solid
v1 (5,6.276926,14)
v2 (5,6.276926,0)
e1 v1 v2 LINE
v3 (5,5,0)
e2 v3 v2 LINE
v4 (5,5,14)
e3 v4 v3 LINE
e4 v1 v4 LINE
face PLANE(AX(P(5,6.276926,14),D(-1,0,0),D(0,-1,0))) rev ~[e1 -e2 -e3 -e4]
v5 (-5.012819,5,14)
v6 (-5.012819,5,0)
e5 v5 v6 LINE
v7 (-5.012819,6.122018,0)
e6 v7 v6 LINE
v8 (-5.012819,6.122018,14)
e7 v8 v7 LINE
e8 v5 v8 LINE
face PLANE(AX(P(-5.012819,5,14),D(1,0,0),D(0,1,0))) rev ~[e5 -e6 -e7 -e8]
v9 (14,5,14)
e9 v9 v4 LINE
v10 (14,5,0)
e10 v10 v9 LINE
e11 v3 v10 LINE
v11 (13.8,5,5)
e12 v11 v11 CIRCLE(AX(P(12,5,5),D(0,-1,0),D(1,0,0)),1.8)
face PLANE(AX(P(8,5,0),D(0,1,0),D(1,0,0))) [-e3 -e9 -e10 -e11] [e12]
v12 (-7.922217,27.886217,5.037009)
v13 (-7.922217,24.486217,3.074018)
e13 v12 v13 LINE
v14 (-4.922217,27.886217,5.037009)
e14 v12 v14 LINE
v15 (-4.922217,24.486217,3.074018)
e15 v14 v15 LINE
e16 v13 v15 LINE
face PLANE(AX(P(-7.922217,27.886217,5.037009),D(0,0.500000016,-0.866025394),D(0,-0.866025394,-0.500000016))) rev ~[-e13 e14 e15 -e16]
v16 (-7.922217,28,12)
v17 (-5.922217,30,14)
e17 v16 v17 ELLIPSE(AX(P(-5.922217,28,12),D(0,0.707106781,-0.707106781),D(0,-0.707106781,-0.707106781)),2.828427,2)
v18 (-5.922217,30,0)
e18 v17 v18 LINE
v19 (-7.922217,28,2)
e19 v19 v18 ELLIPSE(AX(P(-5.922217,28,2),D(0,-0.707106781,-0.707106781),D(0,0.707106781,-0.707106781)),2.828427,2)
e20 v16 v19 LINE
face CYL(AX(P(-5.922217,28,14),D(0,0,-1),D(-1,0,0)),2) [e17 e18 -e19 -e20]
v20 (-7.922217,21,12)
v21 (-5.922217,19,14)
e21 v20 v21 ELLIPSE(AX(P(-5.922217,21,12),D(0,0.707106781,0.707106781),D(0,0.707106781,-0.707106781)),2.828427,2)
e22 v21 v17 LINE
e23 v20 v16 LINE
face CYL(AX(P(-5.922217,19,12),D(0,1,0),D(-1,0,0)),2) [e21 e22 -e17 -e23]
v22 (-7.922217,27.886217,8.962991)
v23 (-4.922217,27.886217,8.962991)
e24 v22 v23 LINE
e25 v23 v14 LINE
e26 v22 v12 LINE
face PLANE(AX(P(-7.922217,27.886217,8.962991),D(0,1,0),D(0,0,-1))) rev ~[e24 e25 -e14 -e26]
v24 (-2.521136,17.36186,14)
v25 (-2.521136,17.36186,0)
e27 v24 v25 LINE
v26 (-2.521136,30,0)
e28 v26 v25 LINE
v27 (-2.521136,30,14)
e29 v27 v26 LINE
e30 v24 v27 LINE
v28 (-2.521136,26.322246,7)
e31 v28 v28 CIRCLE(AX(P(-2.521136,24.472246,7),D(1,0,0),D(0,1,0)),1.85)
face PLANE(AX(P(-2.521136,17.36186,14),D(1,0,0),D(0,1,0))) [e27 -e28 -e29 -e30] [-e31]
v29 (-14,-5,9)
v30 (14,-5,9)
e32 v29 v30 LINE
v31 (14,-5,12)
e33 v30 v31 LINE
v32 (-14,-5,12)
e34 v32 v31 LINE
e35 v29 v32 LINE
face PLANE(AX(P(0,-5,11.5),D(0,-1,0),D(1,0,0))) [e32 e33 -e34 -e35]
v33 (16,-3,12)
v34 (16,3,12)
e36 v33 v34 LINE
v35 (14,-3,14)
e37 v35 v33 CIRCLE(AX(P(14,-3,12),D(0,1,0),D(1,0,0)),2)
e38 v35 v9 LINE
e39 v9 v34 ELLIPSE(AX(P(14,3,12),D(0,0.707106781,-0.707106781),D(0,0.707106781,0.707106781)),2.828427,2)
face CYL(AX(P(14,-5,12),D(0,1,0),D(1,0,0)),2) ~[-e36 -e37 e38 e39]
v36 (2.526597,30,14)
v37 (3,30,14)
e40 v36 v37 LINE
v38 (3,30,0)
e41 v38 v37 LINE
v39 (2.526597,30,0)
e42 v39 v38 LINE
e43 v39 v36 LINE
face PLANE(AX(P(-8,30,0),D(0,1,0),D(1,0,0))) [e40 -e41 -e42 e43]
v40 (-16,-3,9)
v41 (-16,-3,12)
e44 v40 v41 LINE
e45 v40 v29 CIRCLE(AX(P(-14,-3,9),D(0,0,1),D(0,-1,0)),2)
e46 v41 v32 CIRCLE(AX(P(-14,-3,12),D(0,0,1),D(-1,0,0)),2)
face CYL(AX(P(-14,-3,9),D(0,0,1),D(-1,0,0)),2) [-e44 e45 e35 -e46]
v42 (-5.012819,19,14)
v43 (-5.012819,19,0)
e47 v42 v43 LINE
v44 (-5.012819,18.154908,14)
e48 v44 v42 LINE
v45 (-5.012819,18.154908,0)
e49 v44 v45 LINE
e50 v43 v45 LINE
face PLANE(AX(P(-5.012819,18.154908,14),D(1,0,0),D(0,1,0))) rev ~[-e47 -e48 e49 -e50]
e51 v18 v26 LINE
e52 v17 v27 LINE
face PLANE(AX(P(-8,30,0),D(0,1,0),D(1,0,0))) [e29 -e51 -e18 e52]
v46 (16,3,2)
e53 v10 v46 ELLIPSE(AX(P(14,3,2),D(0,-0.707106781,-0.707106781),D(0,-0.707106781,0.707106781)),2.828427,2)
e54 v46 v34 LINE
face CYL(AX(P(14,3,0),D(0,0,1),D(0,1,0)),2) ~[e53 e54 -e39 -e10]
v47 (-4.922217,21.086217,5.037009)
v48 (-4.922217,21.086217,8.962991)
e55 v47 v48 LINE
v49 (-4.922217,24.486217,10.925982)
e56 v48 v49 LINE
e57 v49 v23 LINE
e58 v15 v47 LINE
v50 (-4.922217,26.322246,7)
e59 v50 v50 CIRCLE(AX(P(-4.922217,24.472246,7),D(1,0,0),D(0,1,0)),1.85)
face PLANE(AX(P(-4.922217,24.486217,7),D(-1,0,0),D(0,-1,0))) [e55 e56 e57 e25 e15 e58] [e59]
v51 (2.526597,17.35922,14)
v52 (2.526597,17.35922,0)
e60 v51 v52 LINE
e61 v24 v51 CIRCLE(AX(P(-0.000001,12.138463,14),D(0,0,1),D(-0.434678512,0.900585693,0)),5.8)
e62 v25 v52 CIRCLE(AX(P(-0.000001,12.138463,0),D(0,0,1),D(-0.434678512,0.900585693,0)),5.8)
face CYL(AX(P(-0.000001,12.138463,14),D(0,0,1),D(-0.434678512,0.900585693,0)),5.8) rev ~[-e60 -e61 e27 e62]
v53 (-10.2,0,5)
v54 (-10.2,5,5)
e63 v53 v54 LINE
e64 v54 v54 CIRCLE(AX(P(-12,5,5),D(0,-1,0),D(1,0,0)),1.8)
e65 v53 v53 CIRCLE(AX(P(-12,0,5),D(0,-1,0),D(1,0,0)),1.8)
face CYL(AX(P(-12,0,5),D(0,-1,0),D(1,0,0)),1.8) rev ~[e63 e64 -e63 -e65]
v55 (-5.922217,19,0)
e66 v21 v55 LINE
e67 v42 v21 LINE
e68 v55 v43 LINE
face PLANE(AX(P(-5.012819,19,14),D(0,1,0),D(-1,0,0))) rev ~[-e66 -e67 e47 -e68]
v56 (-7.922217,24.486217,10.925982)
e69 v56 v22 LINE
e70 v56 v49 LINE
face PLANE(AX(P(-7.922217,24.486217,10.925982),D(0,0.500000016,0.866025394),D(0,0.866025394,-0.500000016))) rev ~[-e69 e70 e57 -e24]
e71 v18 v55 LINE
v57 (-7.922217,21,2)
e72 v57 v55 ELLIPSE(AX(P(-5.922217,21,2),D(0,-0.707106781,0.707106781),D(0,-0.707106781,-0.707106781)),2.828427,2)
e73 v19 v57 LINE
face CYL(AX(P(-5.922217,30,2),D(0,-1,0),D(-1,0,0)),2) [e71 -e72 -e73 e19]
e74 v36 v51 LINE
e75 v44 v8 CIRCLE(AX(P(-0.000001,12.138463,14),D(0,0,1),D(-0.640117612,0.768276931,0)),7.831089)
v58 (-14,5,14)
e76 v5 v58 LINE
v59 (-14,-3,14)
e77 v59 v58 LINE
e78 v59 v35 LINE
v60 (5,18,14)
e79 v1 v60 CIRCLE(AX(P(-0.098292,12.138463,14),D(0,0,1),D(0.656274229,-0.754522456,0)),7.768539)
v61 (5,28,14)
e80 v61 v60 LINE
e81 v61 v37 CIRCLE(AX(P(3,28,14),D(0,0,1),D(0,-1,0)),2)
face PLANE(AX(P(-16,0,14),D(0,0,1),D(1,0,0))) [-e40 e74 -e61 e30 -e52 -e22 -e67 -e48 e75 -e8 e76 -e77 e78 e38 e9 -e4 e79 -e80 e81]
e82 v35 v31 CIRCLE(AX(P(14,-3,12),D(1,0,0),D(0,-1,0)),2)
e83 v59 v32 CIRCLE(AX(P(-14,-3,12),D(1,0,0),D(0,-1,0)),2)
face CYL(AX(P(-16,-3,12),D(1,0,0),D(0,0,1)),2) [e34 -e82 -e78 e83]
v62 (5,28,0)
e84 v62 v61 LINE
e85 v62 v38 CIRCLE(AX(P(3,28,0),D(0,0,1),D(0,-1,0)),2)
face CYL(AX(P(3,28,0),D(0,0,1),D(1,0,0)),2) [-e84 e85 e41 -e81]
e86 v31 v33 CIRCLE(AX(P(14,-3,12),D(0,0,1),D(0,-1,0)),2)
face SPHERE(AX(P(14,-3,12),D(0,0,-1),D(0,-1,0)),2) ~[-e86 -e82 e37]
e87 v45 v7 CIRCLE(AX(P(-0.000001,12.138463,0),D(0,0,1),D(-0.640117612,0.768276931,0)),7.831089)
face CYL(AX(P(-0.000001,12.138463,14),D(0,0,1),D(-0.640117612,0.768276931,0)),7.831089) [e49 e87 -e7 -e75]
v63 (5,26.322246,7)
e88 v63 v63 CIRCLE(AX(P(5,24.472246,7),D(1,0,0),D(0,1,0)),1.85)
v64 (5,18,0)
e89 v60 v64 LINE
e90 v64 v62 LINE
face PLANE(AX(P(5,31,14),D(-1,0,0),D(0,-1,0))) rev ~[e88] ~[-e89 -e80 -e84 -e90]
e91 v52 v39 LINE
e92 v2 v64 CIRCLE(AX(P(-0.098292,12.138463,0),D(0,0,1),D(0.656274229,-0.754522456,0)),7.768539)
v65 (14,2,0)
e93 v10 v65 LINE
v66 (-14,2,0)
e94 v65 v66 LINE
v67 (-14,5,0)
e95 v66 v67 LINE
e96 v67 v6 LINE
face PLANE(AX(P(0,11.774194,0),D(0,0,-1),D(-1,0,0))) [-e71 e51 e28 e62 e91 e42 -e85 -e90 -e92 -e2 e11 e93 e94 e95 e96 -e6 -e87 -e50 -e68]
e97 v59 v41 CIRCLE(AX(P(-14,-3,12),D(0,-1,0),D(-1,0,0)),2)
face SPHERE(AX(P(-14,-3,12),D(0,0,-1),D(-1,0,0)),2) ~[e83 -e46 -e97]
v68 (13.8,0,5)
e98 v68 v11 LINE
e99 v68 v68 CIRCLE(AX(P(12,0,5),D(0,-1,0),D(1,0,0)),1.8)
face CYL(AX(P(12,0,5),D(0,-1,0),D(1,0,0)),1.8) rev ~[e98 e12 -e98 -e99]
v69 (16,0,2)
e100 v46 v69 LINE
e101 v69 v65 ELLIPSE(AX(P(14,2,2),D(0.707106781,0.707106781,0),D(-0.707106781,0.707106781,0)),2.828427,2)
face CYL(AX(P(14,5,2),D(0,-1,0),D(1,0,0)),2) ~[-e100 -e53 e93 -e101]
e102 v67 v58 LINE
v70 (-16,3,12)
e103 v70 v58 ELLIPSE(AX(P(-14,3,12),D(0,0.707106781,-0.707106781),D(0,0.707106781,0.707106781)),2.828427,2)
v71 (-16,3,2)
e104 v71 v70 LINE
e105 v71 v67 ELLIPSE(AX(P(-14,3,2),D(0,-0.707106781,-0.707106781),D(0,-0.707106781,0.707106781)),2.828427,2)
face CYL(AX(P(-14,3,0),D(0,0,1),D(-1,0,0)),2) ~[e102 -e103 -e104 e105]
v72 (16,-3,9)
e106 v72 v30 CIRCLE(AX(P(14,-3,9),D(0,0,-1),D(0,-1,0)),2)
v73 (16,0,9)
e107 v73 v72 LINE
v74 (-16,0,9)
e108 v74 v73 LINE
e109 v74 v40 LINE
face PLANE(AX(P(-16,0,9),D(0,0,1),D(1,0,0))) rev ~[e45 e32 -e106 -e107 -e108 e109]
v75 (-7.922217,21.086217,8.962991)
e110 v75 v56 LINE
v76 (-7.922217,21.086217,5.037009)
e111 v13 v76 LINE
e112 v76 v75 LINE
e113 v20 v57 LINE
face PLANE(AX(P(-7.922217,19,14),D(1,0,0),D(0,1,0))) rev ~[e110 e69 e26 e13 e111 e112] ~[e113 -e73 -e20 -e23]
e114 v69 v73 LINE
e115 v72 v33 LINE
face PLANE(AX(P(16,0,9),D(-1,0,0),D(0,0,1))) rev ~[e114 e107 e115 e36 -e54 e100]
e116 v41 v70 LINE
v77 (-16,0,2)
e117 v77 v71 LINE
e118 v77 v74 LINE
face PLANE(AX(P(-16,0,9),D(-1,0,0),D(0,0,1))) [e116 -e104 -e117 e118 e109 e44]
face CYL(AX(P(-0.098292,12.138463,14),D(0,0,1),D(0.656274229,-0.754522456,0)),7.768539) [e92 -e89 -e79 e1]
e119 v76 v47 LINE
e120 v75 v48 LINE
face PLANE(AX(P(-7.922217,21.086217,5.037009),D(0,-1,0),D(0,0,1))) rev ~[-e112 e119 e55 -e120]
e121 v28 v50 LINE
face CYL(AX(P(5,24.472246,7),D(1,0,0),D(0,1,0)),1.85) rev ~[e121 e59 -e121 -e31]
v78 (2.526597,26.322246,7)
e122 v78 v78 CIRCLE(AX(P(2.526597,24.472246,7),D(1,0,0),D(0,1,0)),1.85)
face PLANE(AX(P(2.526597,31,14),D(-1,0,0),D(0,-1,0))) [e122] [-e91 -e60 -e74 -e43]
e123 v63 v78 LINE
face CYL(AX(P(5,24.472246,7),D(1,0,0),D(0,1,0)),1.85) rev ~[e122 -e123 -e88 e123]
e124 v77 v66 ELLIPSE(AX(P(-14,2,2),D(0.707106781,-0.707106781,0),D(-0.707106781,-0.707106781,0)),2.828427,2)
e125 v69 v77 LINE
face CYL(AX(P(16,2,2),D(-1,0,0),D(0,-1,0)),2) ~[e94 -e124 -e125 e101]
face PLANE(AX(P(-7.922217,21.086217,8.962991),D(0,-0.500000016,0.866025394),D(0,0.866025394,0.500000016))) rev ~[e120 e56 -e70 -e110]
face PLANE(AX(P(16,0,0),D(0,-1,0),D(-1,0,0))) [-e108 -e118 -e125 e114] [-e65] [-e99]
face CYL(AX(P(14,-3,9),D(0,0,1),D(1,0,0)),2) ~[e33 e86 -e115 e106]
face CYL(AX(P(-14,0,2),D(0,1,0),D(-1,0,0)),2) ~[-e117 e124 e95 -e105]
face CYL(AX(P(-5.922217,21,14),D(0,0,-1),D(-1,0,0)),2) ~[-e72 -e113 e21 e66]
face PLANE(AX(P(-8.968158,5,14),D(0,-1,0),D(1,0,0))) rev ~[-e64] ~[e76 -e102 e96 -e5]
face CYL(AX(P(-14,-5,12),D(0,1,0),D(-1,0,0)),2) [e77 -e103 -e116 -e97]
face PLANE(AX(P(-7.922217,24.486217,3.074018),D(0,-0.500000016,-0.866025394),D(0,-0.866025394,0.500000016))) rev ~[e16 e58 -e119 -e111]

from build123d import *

# Parameters (mm, degrees)
PAD_DEPTH       = 14
POCKET_DEPTH    = 14.001
POCKET001_DEPTH = 3
SKETCH007_R     = 1.85
POCKET002_DEPTH = 21.001
SKETCH008_R     = 1.8
POCKET003_DEPTH = 5
SKETCH009_W     = 32
SKETCH009_H     = 5
PAD001_DEPTH    = 5
FILLET_R        = 2


with BuildPart() as part:
    # Sketch → Pad (new body)
    with BuildSketch(Plane.XY):
        Polygon((-8, 30), (8, 30), (8, 5), (16, 5), (16, 0), (-16, 0), (-16, 5), (-8, 5), align=None)
    extrude(amount=PAD_DEPTH)

    # Sketch002 → Pocket (cut, through all)
    with BuildSketch(Plane.XY.offset(14)):
        with BuildLine():
            ThreePointArc((-5.012819, 18.154908), (-7.83109, 12.138463), (-5.012819, 6.122018))
            Line((-5.012819, 5), (-5.012819, 6.122018))
            Line((-8.968158, 5), (-5.012819, 5))
            Line((-8.890375, 30.926365), (-8.968158, 5))
            Line((-7.922217, 30.944389), (-8.890375, 30.926365))
            Line((-7.922217, 19), (-7.922217, 30.944389))
            Line((-5.012819, 19), (-7.922217, 19))
            Line((-5.012819, 18.154908), (-5.012819, 19))
        make_face()
        with BuildLine():
            Line((5, 31), (5, 18))
            ThreePointArc((5, 6.276926), (7.670247, 12.138463), (5, 18))
            Line((5, 6.276926), (5, 5))
            Line((10, 5), (5, 5))
            Line((10, 31), (10, 5))
            Line((5, 31), (10, 31))
        make_face()
        with BuildLine():
            ThreePointArc((-2.521136, 17.36186), (-0.003033, 6.338464), (2.526597, 17.35922))
            Line((2.526597, 31), (2.526597, 17.35922))
            Line((-2.521136, 31), (2.526597, 31))
            Line((-2.521136, 17.36186), (-2.521136, 31))
        make_face()
    extrude(amount=-POCKET_DEPTH, mode=Mode.SUBTRACT)

    # Sketch006 → Pocket001 (cut)
    with BuildSketch(Plane(origin=(-7.922217, 0, 0), x_dir=(0, -1, 0), z_dir=(-1, 0, 0))):
        Polygon((-21.086217, 5.037009), (-21.086217, 8.962991), (-24.486217, 10.925982), (-27.886217, 8.962991), (-27.886217, 5.037009), (-24.486217, 3.074018), align=None)
    extrude(amount=-POCKET001_DEPTH, mode=Mode.SUBTRACT)

    # Sketch007 → Pocket002 (cut, through all)
    with BuildSketch(Plane.YZ.offset(5)):
        with Locations((24.472246, 7)):
            Circle(SKETCH007_R)
    extrude(amount=-POCKET002_DEPTH, mode=Mode.SUBTRACT)

    # Sketch008 → Pocket003 (cut)
    with BuildSketch(Plane.XZ):
        with Locations((-12, 5)):
            Circle(SKETCH008_R)
        with Locations((12, 5)):
            Circle(SKETCH008_R)
    extrude(amount=-POCKET003_DEPTH, mode=Mode.SUBTRACT)

    # Sketch009 → Pad001 (new body)
    with BuildSketch(Plane.XZ):
        with Locations((0, 11.5)):
            Rectangle(SKETCH009_W, SKETCH009_H)
    extrude(amount=PAD001_DEPTH)

    # Fillet
    fillet_edges = [part.edges().sort_by_distance(p)[0] for p in [
        (-16, -5, 11.5),
        (16, -5, 11.5),
        (16, 5, 7),
        (5, 30, 7),
        (-16, 5, 7),
        (-7.922217, 30, 7),
        (0, 0, 0),
        (-16, 0, 14),
        (0, -5, 14),
        (16, 0, 14),
        (16, 2.5, 0),
        (-16, 2.5, 0),
        (-7.922217, 24.5, 0),
        (-7.922217, 24.5, 14),
        (-7.922217, 19, 7),
    ]]
    fillet(fillet_edges, radius=FILLET_R)


solid = part.part
